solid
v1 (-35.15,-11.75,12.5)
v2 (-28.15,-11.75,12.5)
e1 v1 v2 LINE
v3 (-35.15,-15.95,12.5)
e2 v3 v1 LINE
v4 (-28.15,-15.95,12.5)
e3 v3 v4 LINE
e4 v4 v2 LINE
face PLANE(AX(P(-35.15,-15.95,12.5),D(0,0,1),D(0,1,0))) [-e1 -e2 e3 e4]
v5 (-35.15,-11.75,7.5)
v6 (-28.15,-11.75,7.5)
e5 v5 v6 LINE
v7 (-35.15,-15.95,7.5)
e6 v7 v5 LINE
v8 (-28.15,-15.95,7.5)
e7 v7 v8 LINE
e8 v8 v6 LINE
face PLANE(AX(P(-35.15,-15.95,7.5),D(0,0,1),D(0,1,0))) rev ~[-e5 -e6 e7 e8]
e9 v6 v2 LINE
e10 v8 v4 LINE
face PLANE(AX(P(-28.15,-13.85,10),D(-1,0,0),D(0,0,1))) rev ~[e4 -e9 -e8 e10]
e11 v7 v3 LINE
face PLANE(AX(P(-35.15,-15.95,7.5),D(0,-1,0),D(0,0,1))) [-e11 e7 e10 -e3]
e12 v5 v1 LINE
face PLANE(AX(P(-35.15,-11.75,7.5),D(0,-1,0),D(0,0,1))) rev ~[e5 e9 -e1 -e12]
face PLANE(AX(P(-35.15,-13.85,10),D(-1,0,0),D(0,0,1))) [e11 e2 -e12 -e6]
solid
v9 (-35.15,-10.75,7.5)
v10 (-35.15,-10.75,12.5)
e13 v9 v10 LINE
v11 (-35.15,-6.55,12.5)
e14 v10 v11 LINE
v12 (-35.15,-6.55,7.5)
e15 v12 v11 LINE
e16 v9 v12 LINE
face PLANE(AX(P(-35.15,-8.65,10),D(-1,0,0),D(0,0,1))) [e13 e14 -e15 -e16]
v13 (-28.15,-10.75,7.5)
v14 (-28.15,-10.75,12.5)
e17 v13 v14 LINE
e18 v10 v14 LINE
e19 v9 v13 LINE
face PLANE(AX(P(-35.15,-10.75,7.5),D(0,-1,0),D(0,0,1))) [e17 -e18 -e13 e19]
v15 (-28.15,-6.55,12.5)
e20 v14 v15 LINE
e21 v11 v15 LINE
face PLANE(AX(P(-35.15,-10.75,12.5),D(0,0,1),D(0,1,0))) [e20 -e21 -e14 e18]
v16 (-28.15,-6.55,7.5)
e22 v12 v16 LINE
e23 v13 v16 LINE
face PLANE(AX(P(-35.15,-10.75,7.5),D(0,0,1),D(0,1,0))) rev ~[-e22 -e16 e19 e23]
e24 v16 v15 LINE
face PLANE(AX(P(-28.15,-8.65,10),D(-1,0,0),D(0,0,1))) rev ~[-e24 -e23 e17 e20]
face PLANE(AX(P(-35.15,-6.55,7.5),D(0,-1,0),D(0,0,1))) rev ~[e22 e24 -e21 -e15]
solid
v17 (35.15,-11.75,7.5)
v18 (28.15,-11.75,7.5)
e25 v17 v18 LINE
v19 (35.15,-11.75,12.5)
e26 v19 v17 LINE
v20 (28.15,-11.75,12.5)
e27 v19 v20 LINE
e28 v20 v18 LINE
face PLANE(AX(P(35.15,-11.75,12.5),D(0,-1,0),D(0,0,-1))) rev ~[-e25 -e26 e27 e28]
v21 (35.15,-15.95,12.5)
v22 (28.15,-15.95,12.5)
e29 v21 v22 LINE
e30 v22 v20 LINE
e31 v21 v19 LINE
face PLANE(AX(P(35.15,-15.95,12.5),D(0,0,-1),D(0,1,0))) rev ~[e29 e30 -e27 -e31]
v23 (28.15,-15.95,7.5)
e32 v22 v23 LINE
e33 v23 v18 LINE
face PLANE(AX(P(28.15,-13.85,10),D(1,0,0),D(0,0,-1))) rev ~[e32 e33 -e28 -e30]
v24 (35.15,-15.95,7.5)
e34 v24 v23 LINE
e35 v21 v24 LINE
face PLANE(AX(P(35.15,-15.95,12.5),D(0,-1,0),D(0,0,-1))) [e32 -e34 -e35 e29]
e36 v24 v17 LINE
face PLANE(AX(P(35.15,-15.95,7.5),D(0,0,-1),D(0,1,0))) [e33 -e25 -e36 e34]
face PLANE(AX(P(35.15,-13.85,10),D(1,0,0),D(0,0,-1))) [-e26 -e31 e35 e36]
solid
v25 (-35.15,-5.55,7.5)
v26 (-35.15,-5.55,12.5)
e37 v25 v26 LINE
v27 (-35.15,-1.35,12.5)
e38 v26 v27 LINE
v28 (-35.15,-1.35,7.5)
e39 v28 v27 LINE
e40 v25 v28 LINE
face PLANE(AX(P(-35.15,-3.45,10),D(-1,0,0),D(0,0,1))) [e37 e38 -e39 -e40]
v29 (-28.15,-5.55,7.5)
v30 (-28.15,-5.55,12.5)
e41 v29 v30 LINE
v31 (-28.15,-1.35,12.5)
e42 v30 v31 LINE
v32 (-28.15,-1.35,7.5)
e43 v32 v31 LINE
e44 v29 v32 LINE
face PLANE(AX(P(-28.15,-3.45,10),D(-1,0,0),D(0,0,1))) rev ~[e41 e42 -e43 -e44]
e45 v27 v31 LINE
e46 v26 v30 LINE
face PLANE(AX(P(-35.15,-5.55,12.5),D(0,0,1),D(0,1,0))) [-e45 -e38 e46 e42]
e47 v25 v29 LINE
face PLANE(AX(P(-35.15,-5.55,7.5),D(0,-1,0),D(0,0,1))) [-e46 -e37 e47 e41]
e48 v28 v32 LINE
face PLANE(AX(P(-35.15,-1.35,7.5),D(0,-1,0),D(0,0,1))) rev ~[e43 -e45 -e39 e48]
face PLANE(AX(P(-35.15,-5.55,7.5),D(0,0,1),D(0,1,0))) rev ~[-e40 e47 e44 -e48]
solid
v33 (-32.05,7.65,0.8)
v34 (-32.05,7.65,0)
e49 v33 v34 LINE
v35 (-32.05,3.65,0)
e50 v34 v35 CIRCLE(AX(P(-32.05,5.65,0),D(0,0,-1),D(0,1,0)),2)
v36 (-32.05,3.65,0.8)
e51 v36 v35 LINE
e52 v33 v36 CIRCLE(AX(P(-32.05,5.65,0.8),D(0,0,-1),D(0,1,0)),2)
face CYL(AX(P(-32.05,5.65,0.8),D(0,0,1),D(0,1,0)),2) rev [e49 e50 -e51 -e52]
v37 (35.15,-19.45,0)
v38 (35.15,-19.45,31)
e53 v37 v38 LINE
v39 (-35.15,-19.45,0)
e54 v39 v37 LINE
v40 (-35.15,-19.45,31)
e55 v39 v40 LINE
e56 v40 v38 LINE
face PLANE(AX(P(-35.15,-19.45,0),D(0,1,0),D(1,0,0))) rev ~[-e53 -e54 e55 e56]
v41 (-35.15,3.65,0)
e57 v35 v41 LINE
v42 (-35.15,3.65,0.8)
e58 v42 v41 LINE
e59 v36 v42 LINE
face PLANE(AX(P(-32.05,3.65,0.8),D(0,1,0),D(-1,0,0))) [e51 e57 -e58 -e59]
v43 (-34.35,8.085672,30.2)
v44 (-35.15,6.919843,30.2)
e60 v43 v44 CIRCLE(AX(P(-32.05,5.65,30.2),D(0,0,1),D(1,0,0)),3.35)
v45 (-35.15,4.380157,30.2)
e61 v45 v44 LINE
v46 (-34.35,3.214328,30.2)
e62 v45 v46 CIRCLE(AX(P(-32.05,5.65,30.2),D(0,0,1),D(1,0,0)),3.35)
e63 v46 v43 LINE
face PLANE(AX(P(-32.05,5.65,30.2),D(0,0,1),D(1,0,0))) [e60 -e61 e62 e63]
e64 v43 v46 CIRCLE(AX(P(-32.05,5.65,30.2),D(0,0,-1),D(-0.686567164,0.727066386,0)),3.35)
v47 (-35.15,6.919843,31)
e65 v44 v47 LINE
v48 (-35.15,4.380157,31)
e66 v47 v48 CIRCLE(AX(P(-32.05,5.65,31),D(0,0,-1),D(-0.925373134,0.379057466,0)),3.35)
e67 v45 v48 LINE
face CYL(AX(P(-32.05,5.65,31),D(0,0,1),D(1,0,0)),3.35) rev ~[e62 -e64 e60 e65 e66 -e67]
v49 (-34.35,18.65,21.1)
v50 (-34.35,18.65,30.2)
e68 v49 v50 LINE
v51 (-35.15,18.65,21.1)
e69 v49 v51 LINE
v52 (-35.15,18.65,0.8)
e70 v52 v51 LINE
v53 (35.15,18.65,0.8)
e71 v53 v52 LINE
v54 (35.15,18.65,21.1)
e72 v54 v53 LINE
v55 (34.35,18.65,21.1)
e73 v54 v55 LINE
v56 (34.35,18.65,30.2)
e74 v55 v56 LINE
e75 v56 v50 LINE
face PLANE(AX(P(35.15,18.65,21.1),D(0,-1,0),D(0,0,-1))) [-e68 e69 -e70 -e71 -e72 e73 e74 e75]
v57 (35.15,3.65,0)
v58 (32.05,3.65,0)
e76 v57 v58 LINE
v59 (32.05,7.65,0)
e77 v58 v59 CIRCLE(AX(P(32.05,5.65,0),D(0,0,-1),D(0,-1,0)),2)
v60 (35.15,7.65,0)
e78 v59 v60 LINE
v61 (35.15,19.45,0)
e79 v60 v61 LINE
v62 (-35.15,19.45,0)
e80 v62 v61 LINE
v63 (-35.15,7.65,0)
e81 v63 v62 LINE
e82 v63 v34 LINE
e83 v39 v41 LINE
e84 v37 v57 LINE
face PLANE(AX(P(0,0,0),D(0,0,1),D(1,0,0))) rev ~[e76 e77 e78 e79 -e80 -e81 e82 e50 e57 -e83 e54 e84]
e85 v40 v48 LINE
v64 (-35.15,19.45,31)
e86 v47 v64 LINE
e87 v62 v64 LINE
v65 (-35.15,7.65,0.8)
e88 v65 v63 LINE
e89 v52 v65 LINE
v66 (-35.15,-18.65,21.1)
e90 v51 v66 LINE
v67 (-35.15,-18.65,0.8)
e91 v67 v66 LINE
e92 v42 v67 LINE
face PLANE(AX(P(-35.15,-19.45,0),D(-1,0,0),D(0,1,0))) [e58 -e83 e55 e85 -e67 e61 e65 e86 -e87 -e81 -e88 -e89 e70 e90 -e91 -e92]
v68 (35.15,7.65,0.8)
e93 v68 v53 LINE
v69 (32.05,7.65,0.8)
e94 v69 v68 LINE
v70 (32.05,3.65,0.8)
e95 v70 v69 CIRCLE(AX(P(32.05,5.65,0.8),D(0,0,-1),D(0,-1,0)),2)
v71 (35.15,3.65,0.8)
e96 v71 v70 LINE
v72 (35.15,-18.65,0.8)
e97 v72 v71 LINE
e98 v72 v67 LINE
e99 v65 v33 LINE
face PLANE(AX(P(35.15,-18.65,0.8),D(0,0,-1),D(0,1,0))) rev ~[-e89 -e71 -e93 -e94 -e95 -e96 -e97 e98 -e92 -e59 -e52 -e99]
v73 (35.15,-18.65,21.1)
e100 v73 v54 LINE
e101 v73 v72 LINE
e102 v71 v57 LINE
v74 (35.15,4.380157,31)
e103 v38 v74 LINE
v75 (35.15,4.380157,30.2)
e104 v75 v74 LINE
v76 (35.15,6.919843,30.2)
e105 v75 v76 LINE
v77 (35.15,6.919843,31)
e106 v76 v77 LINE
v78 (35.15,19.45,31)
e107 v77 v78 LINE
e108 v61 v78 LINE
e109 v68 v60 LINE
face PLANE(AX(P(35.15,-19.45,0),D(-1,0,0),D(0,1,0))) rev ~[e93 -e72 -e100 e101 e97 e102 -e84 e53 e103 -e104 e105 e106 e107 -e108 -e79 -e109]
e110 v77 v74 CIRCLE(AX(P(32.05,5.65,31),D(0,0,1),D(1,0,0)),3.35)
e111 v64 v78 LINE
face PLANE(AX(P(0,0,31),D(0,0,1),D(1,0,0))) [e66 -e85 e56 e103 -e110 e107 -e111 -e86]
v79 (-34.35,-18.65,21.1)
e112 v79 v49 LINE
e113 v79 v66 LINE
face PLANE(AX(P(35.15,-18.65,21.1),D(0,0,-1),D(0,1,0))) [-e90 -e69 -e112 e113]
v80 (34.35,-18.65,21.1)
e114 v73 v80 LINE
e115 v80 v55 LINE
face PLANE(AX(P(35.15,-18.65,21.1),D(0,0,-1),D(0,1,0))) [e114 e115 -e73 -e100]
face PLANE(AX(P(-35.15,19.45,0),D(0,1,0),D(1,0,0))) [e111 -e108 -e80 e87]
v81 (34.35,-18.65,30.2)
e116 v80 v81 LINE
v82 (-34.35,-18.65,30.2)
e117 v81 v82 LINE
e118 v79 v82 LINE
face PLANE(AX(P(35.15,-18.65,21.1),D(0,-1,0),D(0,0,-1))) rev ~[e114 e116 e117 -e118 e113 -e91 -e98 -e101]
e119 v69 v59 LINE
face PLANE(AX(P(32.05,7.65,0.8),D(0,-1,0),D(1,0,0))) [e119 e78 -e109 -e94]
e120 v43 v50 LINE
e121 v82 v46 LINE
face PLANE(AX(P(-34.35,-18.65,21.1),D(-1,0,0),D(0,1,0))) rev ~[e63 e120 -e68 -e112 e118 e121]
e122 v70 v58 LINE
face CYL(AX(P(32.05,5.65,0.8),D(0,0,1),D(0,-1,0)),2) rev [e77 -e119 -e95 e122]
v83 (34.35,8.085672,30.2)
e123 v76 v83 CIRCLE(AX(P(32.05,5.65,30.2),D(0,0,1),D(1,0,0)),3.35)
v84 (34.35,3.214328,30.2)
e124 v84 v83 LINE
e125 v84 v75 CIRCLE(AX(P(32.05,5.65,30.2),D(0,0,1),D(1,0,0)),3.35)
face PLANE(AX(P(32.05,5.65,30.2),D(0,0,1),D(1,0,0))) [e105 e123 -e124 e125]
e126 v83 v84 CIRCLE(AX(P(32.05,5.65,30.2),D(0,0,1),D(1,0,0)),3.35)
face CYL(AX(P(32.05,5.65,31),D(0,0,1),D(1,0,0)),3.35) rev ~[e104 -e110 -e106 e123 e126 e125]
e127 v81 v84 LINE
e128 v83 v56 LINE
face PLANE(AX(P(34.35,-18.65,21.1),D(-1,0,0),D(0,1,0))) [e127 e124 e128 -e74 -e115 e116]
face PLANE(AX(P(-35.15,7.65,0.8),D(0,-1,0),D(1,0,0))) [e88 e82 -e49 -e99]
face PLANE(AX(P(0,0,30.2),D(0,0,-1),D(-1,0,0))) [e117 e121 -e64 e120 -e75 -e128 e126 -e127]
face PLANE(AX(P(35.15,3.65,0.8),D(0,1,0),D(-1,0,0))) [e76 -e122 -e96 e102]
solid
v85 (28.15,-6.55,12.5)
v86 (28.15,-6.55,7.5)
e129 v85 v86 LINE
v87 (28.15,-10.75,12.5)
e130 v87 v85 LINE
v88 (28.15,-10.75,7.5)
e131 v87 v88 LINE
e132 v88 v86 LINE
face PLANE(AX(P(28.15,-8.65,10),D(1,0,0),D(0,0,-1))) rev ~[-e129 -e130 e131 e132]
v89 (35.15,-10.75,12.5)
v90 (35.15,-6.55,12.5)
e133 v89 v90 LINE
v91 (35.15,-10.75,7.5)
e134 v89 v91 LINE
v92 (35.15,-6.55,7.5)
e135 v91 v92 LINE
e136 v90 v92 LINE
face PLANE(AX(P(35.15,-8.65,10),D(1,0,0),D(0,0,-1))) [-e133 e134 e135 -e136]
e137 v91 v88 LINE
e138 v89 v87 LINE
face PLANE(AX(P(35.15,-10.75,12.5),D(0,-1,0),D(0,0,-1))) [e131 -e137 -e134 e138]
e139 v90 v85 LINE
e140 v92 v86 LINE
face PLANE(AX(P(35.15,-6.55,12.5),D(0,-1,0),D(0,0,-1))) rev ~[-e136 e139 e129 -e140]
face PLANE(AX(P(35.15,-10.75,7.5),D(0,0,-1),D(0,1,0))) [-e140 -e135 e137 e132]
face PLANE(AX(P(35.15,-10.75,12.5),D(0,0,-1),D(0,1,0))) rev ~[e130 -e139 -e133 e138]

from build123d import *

# Parameters (mm, degrees)
SKETCH1_W        = 70.3
SKETCH1_H        = 38.9
EXTRUDE1_DEPTH   = 31
SKETCH2_W        = 20.3
SKETCH2_H        = 37.3
EXTRUDE2_DEPTH   = 71.3
SKETCH3_W        = 68.7
SKETCH3_H        = 37.3
EXTRUDE3_DEPTH   = 9.1
EXTRUDE4_DEPTH   = 0.8
SKETCH5_R        = 3.35
EXTRUDE5_DEPTH   = 0.8
SKETCH6_W        = 5
SKETCH6_H        = 4.2
EXTRUDE6_DEPTH   = 7
EXTRUDE6_2_DEPTH = 7
EXTRUDE6_3_DEPTH = 7
SKETCH7_W        = 5
SKETCH7_H        = 4.2
EXTRUDE7_DEPTH   = 7
EXTRUDE7_2_DEPTH = 7


with BuildPart() as part:
    # Sketch1 → Extrude1 (new body)
    with BuildSketch(Plane.XY):
        Rectangle(SKETCH1_W, SKETCH1_H)
    extrude(amount=EXTRUDE1_DEPTH)

    # Sketch2 → Extrude2 (cut, through all)
    with BuildSketch(Plane(origin=(35.15, 0, 0), x_dir=(0, 0, -1), z_dir=(1, 0, 0))):
        with Locations((-10.95, 0)):
            Rectangle(SKETCH2_W, SKETCH2_H)
    extrude(amount=-EXTRUDE2_DEPTH, mode=Mode.SUBTRACT)

    # Sketch3 → Extrude3 (cut)
    with BuildSketch(Plane(origin=(0, 0, 21.1), x_dir=(-1, 0, 0), z_dir=(0, 0, -1))):
        Rectangle(SKETCH3_W, SKETCH3_H)
    extrude(amount=-EXTRUDE3_DEPTH, mode=Mode.SUBTRACT)

    # Sketch4 → Extrude4 (cut)
    with BuildSketch(Plane.XY.offset(0.8)):
        with BuildLine():
            Line((32.05, 7.65), (35.15, 7.65))
            Line((35.15, 7.65), (35.15, 3.65))
            Line((35.15, 3.65), (32.05, 3.65))
            ThreePointArc((32.05, 3.65), (30.05, 5.65), (32.05, 7.65))
        make_face()
        with BuildLine():
            Line((-35.15, 7.65), (-32.05, 7.65))
            ThreePointArc((-32.05, 7.65), (-30.05, 5.65), (-32.05, 3.65))
            Line((-32.05, 3.65), (-35.15, 3.65))
            Line((-35.15, 3.65), (-35.15, 7.65))
        make_face()
    extrude(amount=-EXTRUDE4_DEPTH, mode=Mode.SUBTRACT)

    # Sketch5 → Extrude5 (cut)
    with BuildSketch(Plane.XY.offset(31)):
        with Locations((32.05, 5.65)):
            Circle(SKETCH5_R)
        with Locations((-32.05, 5.65)):
            Circle(SKETCH5_R)
    extrude(amount=-EXTRUDE5_DEPTH, mode=Mode.SUBTRACT)


with BuildPart() as body_2:
    # Sketch6 → Extrude6 (new body)
    with BuildSketch(Plane.ZY.offset(35.15)):
        with Locations((10, -3.45)):
            Rectangle(SKETCH6_W, SKETCH6_H)
    extrude(amount=-EXTRUDE6_DEPTH)


with BuildPart() as body_3:
    # Sketch6 → Extrude6 2 (new body)
    with BuildSketch(Plane.ZY.offset(35.15)):
        with Locations((10, -8.65)):
            Rectangle(SKETCH6_W, SKETCH6_H)
    extrude(amount=-EXTRUDE6_2_DEPTH)


with BuildPart() as body_4:
    # Sketch6 → Extrude6 3 (new body)
    with BuildSketch(Plane.ZY.offset(35.15)):
        with Locations((10, -13.85)):
            Rectangle(SKETCH6_W, SKETCH6_H)
    extrude(amount=-EXTRUDE6_3_DEPTH)


with BuildPart() as body_5:
    # Sketch7 → Extrude7 (new body)
    with BuildSketch(Plane(origin=(35.15, 0, 0), x_dir=(0, 0, -1), z_dir=(1, 0, 0))):
        with Locations((-10, -8.65)):
            Rectangle(SKETCH7_W, SKETCH7_H)
    extrude(amount=-EXTRUDE7_DEPTH)


with BuildPart() as body_6:
    # Sketch7 → Extrude7 2 (new body)
    with BuildSketch(Plane(origin=(35.15, 0, 0), x_dir=(0, 0, -1), z_dir=(1, 0, 0))):
        with Locations((-10, -13.85)):
            Rectangle(SKETCH7_W, SKETCH7_H)
    extrude(amount=-EXTRUDE7_2_DEPTH)


solid = Compound([part.part, body_2.part, body_3.part, body_4.part, body_5.part, body_6.part])
